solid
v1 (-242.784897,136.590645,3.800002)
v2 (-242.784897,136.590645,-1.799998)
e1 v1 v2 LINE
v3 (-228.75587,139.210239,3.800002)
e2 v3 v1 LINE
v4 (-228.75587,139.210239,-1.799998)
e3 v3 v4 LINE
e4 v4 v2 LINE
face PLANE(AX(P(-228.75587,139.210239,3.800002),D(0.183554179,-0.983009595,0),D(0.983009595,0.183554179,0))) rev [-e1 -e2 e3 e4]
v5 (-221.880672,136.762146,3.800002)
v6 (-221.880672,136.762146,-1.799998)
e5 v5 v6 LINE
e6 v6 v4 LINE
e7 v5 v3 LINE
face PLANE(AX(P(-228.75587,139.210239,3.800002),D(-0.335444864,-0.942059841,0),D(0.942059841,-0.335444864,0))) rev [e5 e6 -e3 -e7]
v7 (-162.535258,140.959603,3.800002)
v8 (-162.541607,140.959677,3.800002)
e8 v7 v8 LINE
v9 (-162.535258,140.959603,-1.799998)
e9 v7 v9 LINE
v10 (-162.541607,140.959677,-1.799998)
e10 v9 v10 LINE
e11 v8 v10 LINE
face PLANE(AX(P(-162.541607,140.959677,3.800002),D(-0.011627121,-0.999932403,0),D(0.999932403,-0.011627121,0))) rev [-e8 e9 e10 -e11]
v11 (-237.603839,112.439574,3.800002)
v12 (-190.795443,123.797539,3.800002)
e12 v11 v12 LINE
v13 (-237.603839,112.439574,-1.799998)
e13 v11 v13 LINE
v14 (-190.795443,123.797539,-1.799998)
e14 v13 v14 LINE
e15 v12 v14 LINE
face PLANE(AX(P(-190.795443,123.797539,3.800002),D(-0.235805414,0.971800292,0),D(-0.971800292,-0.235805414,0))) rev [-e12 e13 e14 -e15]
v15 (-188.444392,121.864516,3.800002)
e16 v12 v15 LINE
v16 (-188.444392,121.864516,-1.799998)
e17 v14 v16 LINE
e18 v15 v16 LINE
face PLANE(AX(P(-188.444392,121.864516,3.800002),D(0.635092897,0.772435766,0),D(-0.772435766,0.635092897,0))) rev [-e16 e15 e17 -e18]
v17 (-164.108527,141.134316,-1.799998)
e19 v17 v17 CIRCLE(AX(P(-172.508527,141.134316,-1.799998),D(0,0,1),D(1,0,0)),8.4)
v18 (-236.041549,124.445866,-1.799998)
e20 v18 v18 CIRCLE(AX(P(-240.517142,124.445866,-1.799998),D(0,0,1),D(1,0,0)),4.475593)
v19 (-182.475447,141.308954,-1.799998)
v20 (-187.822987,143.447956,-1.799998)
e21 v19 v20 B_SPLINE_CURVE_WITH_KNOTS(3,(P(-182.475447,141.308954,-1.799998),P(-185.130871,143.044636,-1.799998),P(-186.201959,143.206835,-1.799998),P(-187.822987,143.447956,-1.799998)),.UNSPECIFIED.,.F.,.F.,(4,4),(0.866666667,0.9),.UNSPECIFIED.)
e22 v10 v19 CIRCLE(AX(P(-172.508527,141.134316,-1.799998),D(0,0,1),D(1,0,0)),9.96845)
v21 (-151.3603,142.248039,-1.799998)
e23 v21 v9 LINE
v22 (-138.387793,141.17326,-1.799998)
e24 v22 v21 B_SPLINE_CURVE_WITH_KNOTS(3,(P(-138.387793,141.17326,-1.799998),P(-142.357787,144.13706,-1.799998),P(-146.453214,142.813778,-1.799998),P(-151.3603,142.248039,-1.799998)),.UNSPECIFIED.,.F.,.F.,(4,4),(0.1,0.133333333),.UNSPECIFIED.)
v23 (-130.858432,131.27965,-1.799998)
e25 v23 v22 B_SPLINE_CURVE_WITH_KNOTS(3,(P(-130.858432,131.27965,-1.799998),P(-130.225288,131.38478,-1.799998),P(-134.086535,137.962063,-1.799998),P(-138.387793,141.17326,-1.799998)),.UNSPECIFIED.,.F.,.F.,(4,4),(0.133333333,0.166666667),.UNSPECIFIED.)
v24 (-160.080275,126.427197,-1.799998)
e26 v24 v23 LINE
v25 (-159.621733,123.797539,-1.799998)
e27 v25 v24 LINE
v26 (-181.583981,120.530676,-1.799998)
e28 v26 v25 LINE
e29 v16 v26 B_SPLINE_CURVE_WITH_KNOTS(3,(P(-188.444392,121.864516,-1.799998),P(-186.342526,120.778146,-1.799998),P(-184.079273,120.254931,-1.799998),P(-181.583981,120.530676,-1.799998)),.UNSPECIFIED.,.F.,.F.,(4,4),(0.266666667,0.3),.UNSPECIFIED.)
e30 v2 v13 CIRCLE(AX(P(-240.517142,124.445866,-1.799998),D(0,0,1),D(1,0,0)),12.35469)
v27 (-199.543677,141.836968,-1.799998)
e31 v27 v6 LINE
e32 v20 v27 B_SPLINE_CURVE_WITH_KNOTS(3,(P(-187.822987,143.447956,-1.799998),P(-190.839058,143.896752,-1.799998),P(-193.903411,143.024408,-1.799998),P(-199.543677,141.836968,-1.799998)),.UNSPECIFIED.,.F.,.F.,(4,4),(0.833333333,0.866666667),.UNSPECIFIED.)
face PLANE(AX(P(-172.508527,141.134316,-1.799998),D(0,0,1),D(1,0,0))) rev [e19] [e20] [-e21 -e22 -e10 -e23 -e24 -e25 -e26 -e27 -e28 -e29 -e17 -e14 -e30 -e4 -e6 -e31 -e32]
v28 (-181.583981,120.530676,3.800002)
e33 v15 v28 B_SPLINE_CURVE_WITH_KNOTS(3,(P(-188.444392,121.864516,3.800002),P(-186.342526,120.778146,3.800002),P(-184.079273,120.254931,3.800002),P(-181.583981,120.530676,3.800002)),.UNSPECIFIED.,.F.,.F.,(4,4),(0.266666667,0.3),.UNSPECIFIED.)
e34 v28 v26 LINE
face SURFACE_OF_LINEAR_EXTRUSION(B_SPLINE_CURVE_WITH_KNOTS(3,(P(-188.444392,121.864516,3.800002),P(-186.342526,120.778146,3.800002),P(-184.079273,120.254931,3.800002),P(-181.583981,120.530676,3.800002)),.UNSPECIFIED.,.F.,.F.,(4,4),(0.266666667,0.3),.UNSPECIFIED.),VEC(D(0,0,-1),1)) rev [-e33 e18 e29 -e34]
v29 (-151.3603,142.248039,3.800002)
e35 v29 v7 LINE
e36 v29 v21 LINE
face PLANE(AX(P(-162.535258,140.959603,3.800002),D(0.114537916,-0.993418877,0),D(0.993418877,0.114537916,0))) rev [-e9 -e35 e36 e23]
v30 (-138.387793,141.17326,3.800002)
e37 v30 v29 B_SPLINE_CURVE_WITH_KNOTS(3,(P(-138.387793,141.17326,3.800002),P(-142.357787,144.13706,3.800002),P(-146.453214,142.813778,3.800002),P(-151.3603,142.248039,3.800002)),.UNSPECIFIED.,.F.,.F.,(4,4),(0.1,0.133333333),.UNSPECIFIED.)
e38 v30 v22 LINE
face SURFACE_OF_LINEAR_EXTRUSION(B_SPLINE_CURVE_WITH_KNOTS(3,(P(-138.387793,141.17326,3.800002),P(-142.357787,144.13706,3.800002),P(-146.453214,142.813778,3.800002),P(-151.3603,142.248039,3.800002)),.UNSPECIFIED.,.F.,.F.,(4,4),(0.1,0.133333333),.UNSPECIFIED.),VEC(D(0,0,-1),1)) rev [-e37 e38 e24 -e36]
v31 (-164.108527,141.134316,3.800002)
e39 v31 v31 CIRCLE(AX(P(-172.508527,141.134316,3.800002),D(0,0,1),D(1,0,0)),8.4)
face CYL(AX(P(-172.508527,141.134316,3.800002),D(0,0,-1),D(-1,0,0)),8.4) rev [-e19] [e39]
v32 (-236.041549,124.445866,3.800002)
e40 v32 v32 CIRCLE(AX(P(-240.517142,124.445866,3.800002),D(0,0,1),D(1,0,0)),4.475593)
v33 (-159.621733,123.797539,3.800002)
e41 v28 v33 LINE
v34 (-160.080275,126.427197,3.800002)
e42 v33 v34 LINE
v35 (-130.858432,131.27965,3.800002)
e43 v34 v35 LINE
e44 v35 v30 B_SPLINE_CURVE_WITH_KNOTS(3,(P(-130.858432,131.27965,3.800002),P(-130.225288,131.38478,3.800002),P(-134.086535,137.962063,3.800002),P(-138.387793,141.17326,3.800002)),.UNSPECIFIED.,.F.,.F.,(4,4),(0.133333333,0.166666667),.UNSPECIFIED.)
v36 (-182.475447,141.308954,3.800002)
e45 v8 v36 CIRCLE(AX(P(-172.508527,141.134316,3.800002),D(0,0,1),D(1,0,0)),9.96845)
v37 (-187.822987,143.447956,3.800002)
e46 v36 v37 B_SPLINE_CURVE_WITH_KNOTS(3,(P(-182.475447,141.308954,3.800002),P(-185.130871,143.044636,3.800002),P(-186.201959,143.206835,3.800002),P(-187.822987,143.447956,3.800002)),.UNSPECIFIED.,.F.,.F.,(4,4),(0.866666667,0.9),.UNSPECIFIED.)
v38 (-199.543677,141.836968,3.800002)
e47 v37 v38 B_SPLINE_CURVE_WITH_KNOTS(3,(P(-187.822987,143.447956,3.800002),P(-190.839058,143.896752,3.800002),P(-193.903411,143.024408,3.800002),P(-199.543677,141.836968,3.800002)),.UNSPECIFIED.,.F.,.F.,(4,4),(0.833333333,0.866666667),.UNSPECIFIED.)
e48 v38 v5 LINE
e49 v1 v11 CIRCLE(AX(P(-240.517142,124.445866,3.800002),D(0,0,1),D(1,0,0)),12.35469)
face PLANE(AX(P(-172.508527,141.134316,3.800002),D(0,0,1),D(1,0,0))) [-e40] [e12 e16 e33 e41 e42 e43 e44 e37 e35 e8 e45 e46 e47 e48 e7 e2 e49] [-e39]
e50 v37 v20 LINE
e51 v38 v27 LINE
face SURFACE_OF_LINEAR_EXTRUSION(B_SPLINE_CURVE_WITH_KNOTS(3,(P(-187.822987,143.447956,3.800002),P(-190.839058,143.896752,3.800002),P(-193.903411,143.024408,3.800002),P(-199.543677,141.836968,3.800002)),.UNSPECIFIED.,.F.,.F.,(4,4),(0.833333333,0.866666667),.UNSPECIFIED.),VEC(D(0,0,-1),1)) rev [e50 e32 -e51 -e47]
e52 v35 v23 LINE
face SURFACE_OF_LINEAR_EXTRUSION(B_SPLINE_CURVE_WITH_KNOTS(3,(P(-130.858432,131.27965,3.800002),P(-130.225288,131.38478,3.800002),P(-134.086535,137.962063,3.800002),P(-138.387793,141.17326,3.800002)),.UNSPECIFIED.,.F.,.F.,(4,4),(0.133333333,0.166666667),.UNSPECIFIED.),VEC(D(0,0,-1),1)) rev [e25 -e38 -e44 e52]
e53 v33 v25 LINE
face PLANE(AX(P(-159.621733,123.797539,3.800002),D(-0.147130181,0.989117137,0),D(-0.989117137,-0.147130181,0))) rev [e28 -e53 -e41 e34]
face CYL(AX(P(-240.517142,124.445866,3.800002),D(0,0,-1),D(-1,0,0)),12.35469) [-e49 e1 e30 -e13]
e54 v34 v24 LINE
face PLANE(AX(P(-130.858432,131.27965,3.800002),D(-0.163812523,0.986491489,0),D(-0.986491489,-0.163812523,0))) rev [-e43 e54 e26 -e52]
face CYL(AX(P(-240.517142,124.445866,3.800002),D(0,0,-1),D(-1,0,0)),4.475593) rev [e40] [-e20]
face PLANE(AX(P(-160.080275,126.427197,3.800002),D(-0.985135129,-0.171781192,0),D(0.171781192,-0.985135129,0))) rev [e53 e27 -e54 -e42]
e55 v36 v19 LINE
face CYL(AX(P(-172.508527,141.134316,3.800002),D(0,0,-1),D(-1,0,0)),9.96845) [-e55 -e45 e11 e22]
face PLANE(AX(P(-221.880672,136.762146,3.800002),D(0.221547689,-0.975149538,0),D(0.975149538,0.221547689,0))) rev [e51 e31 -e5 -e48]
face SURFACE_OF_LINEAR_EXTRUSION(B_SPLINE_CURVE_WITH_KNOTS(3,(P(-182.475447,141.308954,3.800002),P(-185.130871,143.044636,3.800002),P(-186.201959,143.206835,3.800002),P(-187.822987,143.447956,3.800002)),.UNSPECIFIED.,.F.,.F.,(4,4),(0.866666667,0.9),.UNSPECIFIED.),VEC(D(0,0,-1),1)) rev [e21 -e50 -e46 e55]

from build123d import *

# Parameters (mm, degrees)
SKETCH1_R           = 1.598426077
SKETCH1_R_2         = 3
BOSS_EXTRUDE1_DEPTH = 2
SCALE1_SCALE        = 2.8


with BuildPart() as part:
    # Sketch1 → Boss-Extrude1 (new body)
    with BuildSketch(Plane.XY):
        with BuildLine():
            Line((-185.215931952, 133.947260869), (-185.213664396, 133.947234502))
            Line((-185.213664396, 133.947234502), (-181.222608058, 134.40739012))
            add(Edge.make_bspline(
                [(-181.222608058, 134.40739012), (-179.470077492, 134.609439885), (-178.007424926, 135.082040692), (-176.58956977, 134.02354039)],
                knots=[0.1, 0.1, 0.1, 0.1, 0.133333333, 0.133333333, 0.133333333, 0.133333333], degree=3))
            add(Edge.make_bspline(
                [(-176.58956977, 134.02354039), (-175.053406211, 132.876684515), (-173.674389539, 130.527654949), (-173.900512309, 130.490108445)],
                knots=[0.133333333, 0.133333333, 0.133333333, 0.133333333, 0.166666667, 0.166666667, 0.166666667, 0.166666667], degree=3))
            Line((-173.900512309, 130.490108445), (-184.336884958, 128.757089405))
            Line((-184.336884958, 128.757089405), (-184.173119971, 127.817925817))
            Line((-184.173119971, 127.817925817), (-192.016779912, 126.651189278))
            add(Edge.make_bspline(
                [(-192.016779912, 126.651189278), (-192.907955692, 126.552708804), (-193.71626022, 126.739571219), (-194.466926644, 127.127560556)],
                knots=[0.266666667, 0.266666667, 0.266666667, 0.266666667, 0.3, 0.3, 0.3, 0.3], degree=3))
            Line((-194.466926644, 127.127560556), (-195.306587773, 127.817925817))
            Line((-195.306587773, 127.817925817), (-212.023872072, 123.761509934))
            ThreePointArc((-212.023872072, 123.761509934), (-217.37856884, 127.123951805), (-213.87424985, 132.386892164))
            Line((-213.87424985, 132.386892164), (-208.863883058, 133.322461629))
            Line((-208.863883058, 133.322461629), (-206.408455346, 132.448142845))
            Line((-206.408455346, 132.448142845), (-198.430956882, 134.26057907))
            add(Edge.make_bspline(
                [(-198.430956882, 134.26057907), (-196.41657636, 134.684664731), (-195.322164303, 134.996216346), (-194.244996216, 134.835931794)],
                knots=[0.833333333, 0.833333333, 0.833333333, 0.833333333, 0.866666667, 0.866666667, 0.866666667, 0.866666667], degree=3))
            add(Edge.make_bspline(
                [(-194.244996216, 134.835931794), (-193.666057591, 134.749817409), (-193.283526207, 134.691889269), (-192.335160561, 134.072002805)],
                knots=[0.866666667, 0.866666667, 0.866666667, 0.866666667, 0.9, 0.9, 0.9, 0.9], degree=3))
            ThreePointArc((-192.335160561, 134.072002805), (-188.713175288, 137.569246142), (-185.215931952, 133.947260869))
        make_face()
        with Locations((-213.064337356, 128.049471145)):
            Circle(SKETCH1_R, mode=Mode.SUBTRACT)
        with Locations((-188.775546256, 134.009631837)):
            Circle(SKETCH1_R_2, mode=Mode.SUBTRACT)
    extrude(amount=BOSS_EXTRUDE1_DEPTH)


with BuildPart() as part_1:
    # Scale1: scaled about (-197.812909455, 130.051467898, 1)
    add(part.part.scale(SCALE1_SCALE).moved(Location((356.063237019, -234.092642216, -1.8))))


solid = part_1.part
